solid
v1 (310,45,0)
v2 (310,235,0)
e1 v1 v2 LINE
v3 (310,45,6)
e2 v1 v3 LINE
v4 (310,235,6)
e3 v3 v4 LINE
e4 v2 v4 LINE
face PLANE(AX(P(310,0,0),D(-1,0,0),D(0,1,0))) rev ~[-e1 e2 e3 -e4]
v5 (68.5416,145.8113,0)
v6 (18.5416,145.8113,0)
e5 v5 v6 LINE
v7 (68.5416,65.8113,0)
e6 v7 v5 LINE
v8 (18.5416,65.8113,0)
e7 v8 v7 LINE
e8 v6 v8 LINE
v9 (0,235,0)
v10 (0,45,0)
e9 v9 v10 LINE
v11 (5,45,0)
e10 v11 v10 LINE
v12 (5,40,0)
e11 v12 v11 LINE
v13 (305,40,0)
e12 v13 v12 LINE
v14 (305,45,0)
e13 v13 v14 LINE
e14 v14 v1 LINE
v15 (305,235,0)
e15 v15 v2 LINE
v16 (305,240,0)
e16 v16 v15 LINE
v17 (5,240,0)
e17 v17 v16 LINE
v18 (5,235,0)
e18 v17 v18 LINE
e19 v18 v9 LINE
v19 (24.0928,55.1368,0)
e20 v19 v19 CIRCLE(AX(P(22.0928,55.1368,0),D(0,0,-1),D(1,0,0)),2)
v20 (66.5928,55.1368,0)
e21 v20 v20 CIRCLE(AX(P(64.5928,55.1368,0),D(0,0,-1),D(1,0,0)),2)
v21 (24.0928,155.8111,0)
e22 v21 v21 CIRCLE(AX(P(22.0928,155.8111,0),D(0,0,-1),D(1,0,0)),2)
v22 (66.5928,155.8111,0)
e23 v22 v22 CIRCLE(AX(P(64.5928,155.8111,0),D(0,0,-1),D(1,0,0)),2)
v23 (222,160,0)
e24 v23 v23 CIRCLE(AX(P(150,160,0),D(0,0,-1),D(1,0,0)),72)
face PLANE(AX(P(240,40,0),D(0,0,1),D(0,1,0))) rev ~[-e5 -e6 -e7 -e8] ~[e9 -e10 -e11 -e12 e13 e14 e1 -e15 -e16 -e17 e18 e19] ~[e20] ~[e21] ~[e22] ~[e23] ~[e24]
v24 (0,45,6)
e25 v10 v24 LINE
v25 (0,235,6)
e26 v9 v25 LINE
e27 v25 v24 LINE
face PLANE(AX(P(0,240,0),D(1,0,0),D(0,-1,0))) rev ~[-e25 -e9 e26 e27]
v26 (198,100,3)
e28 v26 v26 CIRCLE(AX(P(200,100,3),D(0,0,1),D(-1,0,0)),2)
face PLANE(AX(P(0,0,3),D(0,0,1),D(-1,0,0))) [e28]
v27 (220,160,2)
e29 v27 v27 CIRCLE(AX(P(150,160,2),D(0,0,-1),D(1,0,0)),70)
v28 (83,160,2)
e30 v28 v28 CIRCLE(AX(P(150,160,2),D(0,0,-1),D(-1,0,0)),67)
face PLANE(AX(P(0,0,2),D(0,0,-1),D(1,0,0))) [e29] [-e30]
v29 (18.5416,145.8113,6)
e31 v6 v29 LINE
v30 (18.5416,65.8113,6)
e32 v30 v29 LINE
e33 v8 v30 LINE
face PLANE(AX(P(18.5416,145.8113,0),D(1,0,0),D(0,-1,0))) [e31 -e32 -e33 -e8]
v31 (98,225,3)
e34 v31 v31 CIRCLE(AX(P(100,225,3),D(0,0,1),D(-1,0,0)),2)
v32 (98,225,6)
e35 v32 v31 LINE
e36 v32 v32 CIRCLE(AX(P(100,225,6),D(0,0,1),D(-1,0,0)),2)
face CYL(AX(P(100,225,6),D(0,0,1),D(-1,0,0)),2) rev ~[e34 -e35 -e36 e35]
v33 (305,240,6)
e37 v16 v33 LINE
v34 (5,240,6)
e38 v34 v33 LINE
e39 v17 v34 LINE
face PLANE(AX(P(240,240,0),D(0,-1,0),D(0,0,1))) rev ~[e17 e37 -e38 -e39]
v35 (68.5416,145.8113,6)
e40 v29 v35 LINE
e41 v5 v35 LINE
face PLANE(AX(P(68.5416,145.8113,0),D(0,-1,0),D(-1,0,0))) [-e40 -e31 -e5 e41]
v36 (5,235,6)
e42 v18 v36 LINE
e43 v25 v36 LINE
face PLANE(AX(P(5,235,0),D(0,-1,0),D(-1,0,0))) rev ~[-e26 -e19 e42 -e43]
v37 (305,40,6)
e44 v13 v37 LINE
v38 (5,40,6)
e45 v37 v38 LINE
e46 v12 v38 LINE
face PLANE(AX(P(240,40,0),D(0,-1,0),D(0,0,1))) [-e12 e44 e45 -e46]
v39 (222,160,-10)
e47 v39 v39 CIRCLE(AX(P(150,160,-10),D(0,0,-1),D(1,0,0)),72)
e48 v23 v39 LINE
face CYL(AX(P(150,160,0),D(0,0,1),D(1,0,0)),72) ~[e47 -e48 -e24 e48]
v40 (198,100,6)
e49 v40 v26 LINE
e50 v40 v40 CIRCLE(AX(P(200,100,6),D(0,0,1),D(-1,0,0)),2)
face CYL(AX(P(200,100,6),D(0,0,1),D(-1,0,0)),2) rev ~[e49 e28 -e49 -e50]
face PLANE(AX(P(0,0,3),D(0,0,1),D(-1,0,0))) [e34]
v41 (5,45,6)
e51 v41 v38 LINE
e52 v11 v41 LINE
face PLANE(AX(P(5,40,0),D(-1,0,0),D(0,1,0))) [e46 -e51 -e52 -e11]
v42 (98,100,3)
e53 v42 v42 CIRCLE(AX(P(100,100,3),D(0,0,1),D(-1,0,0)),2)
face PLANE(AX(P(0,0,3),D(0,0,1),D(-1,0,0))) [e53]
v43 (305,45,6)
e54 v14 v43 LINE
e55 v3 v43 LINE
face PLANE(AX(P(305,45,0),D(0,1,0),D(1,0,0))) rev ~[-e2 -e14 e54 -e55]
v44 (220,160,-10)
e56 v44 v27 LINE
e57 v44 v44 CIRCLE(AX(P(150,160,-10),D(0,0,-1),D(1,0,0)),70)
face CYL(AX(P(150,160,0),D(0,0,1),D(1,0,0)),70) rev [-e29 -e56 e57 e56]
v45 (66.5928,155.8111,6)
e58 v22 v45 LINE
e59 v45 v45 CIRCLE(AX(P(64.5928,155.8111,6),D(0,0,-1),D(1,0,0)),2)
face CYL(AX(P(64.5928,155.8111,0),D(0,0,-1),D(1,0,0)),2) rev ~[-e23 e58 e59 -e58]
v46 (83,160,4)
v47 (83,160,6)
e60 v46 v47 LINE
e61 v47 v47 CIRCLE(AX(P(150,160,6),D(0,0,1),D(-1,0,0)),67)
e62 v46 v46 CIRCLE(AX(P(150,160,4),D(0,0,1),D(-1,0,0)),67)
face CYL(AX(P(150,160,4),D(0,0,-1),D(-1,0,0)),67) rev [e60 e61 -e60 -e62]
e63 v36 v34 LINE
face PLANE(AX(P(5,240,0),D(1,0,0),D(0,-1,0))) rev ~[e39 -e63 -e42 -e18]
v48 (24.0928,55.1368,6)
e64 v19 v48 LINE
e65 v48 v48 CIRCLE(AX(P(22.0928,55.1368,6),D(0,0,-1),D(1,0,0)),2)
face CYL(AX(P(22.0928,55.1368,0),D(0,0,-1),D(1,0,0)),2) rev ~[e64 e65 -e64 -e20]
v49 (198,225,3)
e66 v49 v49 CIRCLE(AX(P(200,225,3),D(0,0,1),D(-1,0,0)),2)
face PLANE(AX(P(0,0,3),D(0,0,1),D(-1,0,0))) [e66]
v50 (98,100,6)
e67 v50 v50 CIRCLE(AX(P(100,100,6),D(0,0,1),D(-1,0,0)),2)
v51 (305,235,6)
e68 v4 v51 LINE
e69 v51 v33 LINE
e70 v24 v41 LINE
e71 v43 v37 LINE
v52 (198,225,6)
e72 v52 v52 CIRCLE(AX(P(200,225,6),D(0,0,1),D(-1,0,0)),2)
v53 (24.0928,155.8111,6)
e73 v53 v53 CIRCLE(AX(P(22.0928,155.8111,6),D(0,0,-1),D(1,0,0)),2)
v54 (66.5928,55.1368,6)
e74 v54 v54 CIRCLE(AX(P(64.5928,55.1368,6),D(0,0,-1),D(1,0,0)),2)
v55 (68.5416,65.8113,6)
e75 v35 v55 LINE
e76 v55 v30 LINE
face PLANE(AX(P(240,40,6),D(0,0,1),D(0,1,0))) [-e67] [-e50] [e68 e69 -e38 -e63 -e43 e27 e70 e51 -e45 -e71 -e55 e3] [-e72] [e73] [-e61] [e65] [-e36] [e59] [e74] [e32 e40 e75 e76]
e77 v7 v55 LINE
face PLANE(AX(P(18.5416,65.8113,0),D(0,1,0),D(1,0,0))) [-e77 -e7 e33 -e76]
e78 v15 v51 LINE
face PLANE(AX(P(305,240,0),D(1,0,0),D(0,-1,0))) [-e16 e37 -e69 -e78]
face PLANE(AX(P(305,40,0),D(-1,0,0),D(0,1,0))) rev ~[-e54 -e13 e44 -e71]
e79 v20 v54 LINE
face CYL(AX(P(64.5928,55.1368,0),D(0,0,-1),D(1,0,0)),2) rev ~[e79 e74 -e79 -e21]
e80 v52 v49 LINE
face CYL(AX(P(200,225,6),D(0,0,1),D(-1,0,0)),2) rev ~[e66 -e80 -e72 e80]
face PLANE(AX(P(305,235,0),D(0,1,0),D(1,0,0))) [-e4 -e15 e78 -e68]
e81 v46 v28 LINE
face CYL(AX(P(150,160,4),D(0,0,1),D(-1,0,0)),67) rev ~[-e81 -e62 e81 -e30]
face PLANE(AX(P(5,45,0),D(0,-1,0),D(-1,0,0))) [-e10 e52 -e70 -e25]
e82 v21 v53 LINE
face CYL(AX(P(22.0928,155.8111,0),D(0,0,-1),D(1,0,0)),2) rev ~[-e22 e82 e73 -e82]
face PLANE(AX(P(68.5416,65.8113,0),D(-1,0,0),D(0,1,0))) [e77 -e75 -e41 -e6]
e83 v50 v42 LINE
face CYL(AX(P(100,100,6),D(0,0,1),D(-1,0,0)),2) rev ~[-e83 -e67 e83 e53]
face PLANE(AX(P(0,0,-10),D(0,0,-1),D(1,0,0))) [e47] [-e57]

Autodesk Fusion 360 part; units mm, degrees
sketch "Skizze1" plane through (0, 0, 0) normal (0, 0, 1) x (1, 0, 0)
  line L0 (0, 0) -> (240, 0)
  line L1 (240, 0) -> (240, 240)
  line L2 (240, 240) -> (0, 240)
  line L3 (0, 240) -> (0, 0)
  dimension "d1" = 240
  dimension "d2" = 240
extrude "Extrusion1" add sketch "Skizze1" along normal blind 6
sketch "Skizze2" plane through (0, 0, 6) normal (0, 0, 1) x (-1, 0, 0)
  line L0 (0, -240) -> (0, 0)
  line L1 (0, 0) -> (-240, 0)
  line L2 (-240, 0) -> (-240, -240)
  line L3 (-240, -240) -> (0, -240)
  circle A0 centre (-150, -160) radius 70
  dimension "d6" = 140
extrude "Extrusion2" cut sketch "Skizze2" against normal blind 2 contours A0
sketch "Skizze3" plane through (0, 0, 4) normal (0, 0, 1) x (-1, 0, 0)
  circle A0 centre (-150, -160) radius 70
  circle A1 centre (-150, -160) radius 67
  dimension "d9" = 134
extrude "Extrusion3" cut sketch "Skizze3" against normal blind 35 contours A1
extrude "Extrusion4" add 1 faces at (208.7542, 124.1511, 4) along direction (0, 0, 1) blind 2
sketch "Skizze4" plane through (0, 0, 0) normal (0, 0, -1) x (1, 0, 0)
  circle A0 centre (150, -160) radius 67
  line L0 (0, 0) -> (0, -240)
  line L1 (0, -240) -> (240, -240)
  line L2 (240, -240) -> (240, 0)
  line L3 (240, 0) -> (0, 0)
  circle A1 centre (150, -160) radius 70
  dimension "d14" = 140
extrude "Extrusion5" cut sketch "Skizze4" against normal blind 2 contours A1
extrude "Extrusion6" cut 1 faces at (80, 0, 2) along direction (0, 1, 0) blind 40
sketch "Skizze5" plane through (0, 0, 0) normal (0, 0, -1) x (1, 0, 0)
  line L0 (240, -40) -> (0, -40)
  line L1 (0, -40) -> (0, -240)
  line L2 (0, -240) -> (240, -240)
  line L3 (240, -240) -> (240, -40)
  circle A0 centre (150, -160) radius 70
  circle A1 centre (150, -160) radius 70
  circle A2 centre (150, -160) radius 72
  dimension "d19" = 144
extrude "Extrusion7" add sketch "Skizze5" along normal blind 10 contours A2
extrude "Extrusion8" add 1 faces at (240, 106.6667, 4) along direction (1, 0, 0) blind 70
sketch "Skizze6" plane through (0, 0, 0) normal (0, 0, -1) x (1, 0, 0)
  circle A0 centre (150, -160) radius 72
  line L0 (310, -40) -> (0, -40)
  line L1 (0, -40) -> (0, -240)
  line L2 (0, -240) -> (310, -240)
  line L3 (310, -240) -> (310, -40)
  line L4 (0, -40) -> (5, -40)
  line L5 (5, -40) -> (5, -45)
  line L6 (5, -45) -> (0, -45)
  line L7 (0, -45) -> (0, -40)
  line L8 (0, -240) -> (5, -240)
  line L9 (5, -240) -> (5, -235)
  line L10 (5, -235) -> (0, -235)
  line L11 (0, -235) -> (0, -240)
  line L12 (310, -240) -> (305, -240)
  line L13 (305, -240) -> (305, -235)
  line L14 (305, -235) -> (310, -235)
  line L15 (310, -235) -> (310, -240)
  line L16 (310, -40) -> (305, -40)
  line L17 (305, -40) -> (305, -45)
  line L18 (305, -45) -> (310, -45)
  line L19 (310, -45) -> (310, -40)
  dimension "d24" = 5
  dimension "d25" = 5
extrude "Extrusion9" cut sketch "Skizze6" against normal blind 20 contours L0 L3 L16 L17 L18 L19 | L0 L1 L4 L5 L6 L7 | L2 L3 L12 L13 L14 L15 | L1 L2 L8 L9 L10 L11
sketch "Skizze7" plane through (0, 0, 0) normal (0, 0, -1) x (1, 0, 0)
  circle A0 centre (150, -160) radius 72
  line L0 (305, -240) -> (305, -235)
  line L1 (305, -235) -> (310, -235)
  line L2 (310, -235) -> (310, -45)
  line L3 (310, -45) -> (305, -45)
  line L4 (305, -45) -> (305, -40)
  line L5 (305, -40) -> (5, -40)
  line L6 (5, -40) -> (5, -45)
  line L7 (5, -45) -> (0, -45)
  line L8 (0, -45) -> (0, -235)
  line L9 (0, -235) -> (5, -235)
  line L10 (5, -235) -> (5, -240)
  line L11 (5, -240) -> (305, -240)
  line L12 (18.5416, -65.8113) -> (68.5416, -65.8113)
  line L13 (68.5416, -65.8113) -> (68.5416, -145.8113)
  line L14 (68.5416, -145.8113) -> (18.5416, -145.8113)
  line L15 (18.5416, -145.8113) -> (18.5416, -65.8113)
  circle A1 centre (64.5928, -155.8111) radius 2
  circle A2 centre (22.0928, -155.8111) radius 2
  circle A3 centre (64.5928, -55.1368) radius 2
  circle A4 centre (22.0928, -55.1368) radius 2
  dimension "d28" = 80
  dimension "d29" = 42.5
  dimension "d30" = 4
  dimension "d31" = 4
  dimension "d32" = 4
  dimension "d33" = 4
extrude "Extrusion10" cut sketch "Skizze7" against normal blind 90 contours L12 L13 L14 L15 | A1 | A2 | A3 | A4
sketch "Skizze8" plane through (0, 0, 6) normal (0, 0, 1) x (-1, 0, 0)
  line L0 (-68.5416, -145.8113) -> (-68.5416, -65.8113)
  line L1 (-68.5416, -65.8113) -> (-18.5416, -65.8113)
  line L2 (-18.5416, -65.8113) -> (-18.5416, -145.8113)
  line L3 (-18.5416, -145.8113) -> (-68.5416, -145.8113)
  circle A0 centre (-64.5928, -155.8111) radius 2
  circle A1 centre (-64.5928, -55.1368) radius 2
  circle A2 centre (-22.0928, -155.8111) radius 2
  circle A3 centre (-22.0928, -55.1368) radius 2
  circle A4 centre (-150, -160) radius 67
  line L4 (-310, -235) -> (-305, -235)
  line L5 (-305, -235) -> (-305, -240)
  line L6 (-305, -240) -> (-5, -240)
  line L7 (-5, -240) -> (-5, -235)
  line L8 (-5, -235) -> (0, -235)
  line L9 (0, -235) -> (0, -45)
  line L10 (0, -45) -> (-5, -45)
  line L11 (-5, -45) -> (-5, -40)
  line L12 (-5, -40) -> (-305, -40)
  line L13 (-305, -40) -> (-305, -45)
  line L14 (-305, -45) -> (-310, -45)
  line L15 (-310, -45) -> (-310, -235)
  circle A5 centre (-100, -225) radius 2
  circle A6 centre (-200, -225) radius 2
  circle A7 centre (-200, -100) radius 2
  circle A8 centre (-100, -100) radius 2
  dimension "d36" = 4
  dimension "d37" = 4
  dimension "d38" = 4
  dimension "d39" = 4
extrude "Extrusion11" cut sketch "Skizze8" against normal blind 3 contours A5 | A6 | A7 | A8
